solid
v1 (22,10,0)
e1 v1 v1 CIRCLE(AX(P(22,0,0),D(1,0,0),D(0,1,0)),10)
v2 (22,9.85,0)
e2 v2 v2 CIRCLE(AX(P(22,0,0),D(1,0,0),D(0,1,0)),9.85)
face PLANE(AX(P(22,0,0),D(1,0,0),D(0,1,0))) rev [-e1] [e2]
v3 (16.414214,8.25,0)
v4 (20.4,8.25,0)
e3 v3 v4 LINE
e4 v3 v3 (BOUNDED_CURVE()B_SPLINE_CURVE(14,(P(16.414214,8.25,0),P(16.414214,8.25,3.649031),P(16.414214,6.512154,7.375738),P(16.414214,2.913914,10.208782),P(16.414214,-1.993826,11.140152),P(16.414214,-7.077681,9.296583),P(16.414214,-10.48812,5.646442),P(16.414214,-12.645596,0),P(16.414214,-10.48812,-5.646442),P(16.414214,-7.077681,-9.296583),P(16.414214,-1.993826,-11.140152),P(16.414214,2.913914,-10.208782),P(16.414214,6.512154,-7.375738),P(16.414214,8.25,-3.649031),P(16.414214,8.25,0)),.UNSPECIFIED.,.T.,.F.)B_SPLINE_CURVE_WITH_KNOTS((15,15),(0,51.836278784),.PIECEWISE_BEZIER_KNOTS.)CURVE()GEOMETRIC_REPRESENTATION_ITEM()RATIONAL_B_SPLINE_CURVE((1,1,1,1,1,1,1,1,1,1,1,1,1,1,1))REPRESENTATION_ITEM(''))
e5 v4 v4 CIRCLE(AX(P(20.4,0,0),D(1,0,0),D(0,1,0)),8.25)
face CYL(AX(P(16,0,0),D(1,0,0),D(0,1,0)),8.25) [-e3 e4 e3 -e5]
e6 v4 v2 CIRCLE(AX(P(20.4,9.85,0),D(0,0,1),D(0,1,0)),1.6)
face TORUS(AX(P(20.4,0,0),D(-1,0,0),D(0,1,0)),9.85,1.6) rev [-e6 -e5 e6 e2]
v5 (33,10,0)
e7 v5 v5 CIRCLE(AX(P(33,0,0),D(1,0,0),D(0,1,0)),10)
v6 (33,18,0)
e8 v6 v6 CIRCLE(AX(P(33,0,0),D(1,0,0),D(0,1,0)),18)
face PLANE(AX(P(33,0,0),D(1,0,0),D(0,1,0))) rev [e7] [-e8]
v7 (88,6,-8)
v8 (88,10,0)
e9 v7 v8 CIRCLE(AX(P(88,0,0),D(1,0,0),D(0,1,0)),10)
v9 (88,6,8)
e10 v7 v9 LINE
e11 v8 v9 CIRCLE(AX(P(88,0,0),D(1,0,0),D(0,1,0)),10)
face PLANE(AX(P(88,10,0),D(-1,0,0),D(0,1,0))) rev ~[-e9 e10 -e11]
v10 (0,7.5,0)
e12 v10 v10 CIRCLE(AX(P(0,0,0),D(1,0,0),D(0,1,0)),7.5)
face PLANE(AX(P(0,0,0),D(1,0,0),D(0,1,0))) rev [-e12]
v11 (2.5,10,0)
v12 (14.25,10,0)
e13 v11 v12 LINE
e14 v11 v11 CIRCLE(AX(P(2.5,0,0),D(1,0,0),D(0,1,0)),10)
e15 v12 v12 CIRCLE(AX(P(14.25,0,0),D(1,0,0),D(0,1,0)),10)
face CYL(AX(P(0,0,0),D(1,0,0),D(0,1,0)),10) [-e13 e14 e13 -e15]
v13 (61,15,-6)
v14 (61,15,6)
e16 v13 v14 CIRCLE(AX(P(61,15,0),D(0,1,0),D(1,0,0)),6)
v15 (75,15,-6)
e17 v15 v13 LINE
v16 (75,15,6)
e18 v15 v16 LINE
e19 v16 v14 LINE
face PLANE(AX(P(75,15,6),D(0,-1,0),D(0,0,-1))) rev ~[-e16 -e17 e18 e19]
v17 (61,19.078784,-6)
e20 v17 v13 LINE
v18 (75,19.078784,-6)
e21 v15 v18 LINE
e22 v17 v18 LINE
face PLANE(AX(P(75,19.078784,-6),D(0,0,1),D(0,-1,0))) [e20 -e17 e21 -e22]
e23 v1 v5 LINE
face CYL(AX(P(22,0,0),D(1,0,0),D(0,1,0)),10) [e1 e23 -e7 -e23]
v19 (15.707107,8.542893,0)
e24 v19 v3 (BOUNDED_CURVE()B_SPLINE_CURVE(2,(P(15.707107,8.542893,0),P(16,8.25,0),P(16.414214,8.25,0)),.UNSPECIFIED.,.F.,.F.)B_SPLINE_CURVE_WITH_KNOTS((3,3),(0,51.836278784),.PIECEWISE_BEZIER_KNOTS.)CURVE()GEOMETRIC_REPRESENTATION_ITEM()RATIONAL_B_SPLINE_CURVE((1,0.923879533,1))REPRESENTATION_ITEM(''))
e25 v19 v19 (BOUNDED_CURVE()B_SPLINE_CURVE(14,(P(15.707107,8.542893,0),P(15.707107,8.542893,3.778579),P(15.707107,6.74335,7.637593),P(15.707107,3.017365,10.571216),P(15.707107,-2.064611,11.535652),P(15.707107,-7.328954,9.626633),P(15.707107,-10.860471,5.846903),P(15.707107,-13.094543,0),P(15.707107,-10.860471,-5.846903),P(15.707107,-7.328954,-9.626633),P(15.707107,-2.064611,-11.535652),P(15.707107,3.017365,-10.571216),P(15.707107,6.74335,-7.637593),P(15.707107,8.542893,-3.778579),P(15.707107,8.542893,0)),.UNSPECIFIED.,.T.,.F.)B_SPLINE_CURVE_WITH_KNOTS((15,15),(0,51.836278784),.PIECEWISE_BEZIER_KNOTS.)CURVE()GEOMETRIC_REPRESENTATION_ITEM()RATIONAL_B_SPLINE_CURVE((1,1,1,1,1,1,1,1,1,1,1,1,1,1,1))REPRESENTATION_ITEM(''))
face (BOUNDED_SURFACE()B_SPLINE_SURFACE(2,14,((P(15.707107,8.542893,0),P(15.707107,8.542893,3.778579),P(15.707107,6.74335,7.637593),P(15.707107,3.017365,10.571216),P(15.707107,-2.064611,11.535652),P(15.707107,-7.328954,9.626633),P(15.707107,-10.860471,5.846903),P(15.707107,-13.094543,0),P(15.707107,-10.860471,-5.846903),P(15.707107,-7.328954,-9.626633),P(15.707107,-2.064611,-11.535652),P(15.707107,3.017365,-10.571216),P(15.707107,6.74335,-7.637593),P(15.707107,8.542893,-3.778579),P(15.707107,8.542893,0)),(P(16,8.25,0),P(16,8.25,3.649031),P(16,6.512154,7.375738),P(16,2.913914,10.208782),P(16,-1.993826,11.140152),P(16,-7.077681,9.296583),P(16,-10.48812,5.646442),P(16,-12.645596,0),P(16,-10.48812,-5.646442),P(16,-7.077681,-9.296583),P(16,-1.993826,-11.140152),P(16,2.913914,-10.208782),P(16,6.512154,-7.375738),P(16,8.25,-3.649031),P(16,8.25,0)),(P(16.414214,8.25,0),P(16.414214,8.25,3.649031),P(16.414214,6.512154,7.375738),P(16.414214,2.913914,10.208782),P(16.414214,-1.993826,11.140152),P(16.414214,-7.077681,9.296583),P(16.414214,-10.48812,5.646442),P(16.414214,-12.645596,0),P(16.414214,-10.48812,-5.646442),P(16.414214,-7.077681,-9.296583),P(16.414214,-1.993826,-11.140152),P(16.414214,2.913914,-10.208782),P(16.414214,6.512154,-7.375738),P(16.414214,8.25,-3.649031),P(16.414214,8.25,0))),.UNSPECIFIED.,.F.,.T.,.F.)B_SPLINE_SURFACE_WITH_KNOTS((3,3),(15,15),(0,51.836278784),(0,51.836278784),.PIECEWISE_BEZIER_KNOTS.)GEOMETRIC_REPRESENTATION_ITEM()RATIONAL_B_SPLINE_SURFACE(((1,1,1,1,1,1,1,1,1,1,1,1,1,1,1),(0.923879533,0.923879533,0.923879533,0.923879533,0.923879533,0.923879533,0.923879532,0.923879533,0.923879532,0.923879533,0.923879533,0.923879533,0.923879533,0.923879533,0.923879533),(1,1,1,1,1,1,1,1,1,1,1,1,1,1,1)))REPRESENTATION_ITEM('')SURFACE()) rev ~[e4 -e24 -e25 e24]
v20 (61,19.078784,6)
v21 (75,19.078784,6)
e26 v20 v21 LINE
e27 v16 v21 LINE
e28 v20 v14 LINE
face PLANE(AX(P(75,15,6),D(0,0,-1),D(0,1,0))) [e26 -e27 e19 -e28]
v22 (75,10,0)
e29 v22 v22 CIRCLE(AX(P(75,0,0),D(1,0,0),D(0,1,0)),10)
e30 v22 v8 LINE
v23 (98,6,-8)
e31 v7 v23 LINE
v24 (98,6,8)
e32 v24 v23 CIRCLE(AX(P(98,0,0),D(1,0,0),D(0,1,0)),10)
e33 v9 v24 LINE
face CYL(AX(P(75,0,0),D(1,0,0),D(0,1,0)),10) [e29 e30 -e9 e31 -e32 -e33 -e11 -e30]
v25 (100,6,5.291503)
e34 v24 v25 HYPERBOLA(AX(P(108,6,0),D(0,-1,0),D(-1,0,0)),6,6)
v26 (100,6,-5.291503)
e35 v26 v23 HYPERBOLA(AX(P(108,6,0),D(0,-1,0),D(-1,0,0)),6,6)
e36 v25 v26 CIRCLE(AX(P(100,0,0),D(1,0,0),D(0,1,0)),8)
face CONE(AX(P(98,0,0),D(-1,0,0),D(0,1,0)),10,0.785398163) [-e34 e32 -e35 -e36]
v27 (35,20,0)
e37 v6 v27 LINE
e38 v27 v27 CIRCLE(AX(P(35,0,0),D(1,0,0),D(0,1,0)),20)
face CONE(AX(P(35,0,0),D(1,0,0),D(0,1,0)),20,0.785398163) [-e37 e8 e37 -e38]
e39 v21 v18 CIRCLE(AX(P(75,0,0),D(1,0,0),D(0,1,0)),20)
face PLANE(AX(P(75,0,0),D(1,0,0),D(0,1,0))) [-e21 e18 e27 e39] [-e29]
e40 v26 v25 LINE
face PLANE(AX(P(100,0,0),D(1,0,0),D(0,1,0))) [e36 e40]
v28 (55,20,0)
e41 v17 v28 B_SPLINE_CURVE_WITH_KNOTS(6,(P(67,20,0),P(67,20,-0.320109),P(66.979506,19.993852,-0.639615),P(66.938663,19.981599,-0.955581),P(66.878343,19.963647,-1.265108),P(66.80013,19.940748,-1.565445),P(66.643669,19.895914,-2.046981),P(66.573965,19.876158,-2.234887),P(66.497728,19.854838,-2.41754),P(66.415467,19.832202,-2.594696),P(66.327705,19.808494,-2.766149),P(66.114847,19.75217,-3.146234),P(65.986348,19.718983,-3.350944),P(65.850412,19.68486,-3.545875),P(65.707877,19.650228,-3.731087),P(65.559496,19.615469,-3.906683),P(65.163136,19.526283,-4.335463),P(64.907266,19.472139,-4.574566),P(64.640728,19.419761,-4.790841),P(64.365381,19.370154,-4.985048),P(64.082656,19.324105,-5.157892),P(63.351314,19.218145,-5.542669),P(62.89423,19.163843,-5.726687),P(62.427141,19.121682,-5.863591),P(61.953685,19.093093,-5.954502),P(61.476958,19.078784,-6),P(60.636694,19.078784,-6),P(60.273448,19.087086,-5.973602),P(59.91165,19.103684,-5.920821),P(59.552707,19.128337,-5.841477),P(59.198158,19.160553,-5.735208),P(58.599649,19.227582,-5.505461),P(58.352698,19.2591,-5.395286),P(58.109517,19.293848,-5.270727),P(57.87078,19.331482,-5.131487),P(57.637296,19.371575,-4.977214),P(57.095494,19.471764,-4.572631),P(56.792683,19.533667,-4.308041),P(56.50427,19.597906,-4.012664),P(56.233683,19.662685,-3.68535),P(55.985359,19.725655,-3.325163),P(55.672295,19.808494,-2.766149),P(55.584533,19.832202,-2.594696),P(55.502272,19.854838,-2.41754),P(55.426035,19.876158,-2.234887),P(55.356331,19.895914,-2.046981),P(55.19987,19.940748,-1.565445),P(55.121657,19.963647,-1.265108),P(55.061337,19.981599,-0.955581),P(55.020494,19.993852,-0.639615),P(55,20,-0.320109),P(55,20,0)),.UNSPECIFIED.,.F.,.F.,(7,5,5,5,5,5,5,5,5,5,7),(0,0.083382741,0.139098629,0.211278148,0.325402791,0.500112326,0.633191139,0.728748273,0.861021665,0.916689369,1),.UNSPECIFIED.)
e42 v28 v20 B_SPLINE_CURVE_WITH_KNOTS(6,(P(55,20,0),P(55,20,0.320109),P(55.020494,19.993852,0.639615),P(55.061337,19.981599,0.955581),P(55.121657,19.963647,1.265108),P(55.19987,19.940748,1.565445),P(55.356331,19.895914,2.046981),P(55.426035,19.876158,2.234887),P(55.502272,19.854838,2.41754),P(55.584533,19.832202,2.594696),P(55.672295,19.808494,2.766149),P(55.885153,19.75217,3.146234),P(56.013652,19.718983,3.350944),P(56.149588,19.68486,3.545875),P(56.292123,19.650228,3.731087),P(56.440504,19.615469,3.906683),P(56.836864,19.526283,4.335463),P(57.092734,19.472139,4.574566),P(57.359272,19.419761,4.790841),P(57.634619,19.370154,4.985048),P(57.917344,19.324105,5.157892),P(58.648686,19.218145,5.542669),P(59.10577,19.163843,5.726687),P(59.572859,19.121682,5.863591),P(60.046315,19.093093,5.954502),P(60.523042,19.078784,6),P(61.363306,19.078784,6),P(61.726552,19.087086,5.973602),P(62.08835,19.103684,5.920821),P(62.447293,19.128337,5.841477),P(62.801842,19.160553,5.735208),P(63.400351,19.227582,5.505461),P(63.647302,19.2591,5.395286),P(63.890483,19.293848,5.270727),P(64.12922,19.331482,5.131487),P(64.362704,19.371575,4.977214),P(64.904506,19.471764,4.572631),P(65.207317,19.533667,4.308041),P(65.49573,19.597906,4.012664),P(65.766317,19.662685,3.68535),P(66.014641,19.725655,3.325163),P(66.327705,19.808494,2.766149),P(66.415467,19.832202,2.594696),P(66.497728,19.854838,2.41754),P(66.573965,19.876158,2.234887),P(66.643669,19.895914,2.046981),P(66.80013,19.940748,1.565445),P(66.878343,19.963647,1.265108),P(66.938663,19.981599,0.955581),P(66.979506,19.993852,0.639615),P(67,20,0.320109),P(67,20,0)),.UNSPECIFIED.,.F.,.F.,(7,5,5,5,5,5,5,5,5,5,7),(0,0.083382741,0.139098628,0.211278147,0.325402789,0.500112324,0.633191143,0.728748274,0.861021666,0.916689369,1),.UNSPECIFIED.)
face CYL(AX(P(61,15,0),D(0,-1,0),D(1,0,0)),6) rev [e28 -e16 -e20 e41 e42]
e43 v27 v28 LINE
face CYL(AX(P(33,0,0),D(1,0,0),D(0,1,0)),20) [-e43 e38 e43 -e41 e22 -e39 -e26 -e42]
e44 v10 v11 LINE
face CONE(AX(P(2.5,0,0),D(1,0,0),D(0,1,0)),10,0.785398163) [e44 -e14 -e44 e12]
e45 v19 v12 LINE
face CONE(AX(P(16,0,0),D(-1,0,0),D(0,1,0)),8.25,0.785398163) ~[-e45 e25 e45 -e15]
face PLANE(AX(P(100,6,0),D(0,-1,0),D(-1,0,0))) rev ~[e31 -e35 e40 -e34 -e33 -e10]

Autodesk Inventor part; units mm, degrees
ref_plane "YZ Plane" through (0, 0, 0) normal (1, 0, 0) x (0, 1, 0)
ref_plane "XZ Plane" through (0, 0, 0) normal (0, 1, 0) x (-1, 0, 0)
ref_plane "XY Plane" through (0, 0, 0) normal (0, 0, 1) x (1, 0, 0)
sketch "Эскиз1" plane through (0, 0, 0) normal (0, 0, 1) x (1, 0, 0)
  line L0 (-20, 0) -> (120, 0) projected
  line L1 (0, -4) -> (0, 24) projected
  line L2 (0, 0) -> (0, 10)
  line L3 (0, 10) -> (16, 10)
  line L4 (16, 10) -> (16, 8.25)
  line L5 (16, 8.25) -> (22, 8.25)
  line L6 (22, 8.25) -> (22, 10)
  line L7 (22, 10) -> (33, 10)
  line L8 (33, 10) -> (33, 20)
  line L9 (33, 20) -> (75, 20)
  line L10 (75, 20) -> (75, 10)
  line L11 (75, 10) -> (100, 10)
  line L12 (100, 10) -> (100, 0)
  line L13 (100, 0) -> (0, 0)
  dimension "d0" = 20
  dimension "d1" = 16.5
  dimension "d2" = 20
  dimension "d3" = 6
  dimension "d4" = 22
  dimension "d5" = 100
  dimension "d6" = 25
  dimension "d7" = 42
  dimension "d8" = 40
  dimension "d9" = 20
revolve "Вращение1" add sketch "Эскиз1" angle 360 about axis through (-10, 0, 0) along (1, 0, 0)
thread "Резьба1" size "M20x2.5" class "6g" standard "ANSI Metric M Profile" full length
chamfer "Фаска1" distance 2.5 angle 45 1 edges at (0, -10, 0)
sketch "Эскиз2" plane through (0, 0, 0) normal (0, 0, 1) x (1, 0, 0)
  line L0 (0, 7.5) -> (2.5, 10) projected
  line L1 (2.5, 10) -> (16, 10) projected
  line L2 (16, 10) -> (16, 8.25) projected
  line L3 (16, 8.25) -> (22, 8.25) projected
  line L4 (22, 8.25) -> (22, 10) projected
  line L5 (22, 10) -> (33, 10) projected
  line L6 (33, 10) -> (33, 20) projected
  line L7 (33, 20) -> (75, 20) projected
  line L8 (75, 20) -> (75, 10) projected
  line L9 (75, 10) -> (100, 10) projected
  line L10 (100, 10) -> (100, -10) projected
  line L11 (100, -10) -> (75, -10) projected
  line L12 (75, -10) -> (75, -20) projected
  line L13 (75, -20) -> (33, -20) projected
  line L14 (33, -20) -> (33, -10) projected
  line L15 (33, -10) -> (22, -10) projected
  line L16 (22, -10) -> (22, -8.25) projected
  line L17 (22, -8.25) -> (16, -8.25) projected
  line L18 (16, -8.25) -> (16, -10) projected
  line L19 (16, -10) -> (2.5, -10) projected
  line L20 (2.5, -10) -> (0, -7.5) projected
  line L21 (0, -7.5) -> (0, 7.5) projected
  line L22 (16, 8.25) -> (14.25, 10)
  line L23 (16, 10) -> (14.25, 10)
  line L24 (16, 10) -> (16, 8.25)
  line L25 (-20, 0) -> (120, 0) projected
  point P0 (0, 0)
revolve "Вращение2" cut sketch "Эскиз2" angle 360 about axis through (-10, 0, 0) along (1, 0, 0) contours L1 L2 L22
fillet "Сопряжение1" radius 1 1 edges at (16, -8.25, 0)
fillet "Сопряжение2" radius 1.6 1 edges at (22, -8.25, 0)
chamfer "Фаска2" distance 2 angle 45 1 edges at (33, -20, 0)
chamfer "Фаска3" distance 2 angle 45 1 edges at (100, -10, 0)
sketch "Эскиз3" plane through (0, 0, 0) normal (0, 0, 1) x (1, 0, 0)
  line L0 (0, 7.5) -> (2.5, 10) projected
  line L1 (2.5, 10) -> (14.25, 10) projected
  line L2 (14.25, 10) -> (15.7071, 8.5429) projected
  arc A0 (15.7071, 8.5429) -> (16.4142, 8.25) centre (16.4142, 9.25) ccw projected
  line L3 (16.4142, 8.25) -> (20.4, 8.25) projected
  arc A1 (20.4, 8.25) -> (22, 9.85) centre (20.4, 9.85) ccw projected
  line L4 (22, 9.85) -> (22, 10) projected
  line L5 (22, 10) -> (33, 10) projected
  line L6 (33, 10) -> (33, 18) projected
  line L7 (33, 18) -> (35, 20) projected
  line L8 (35, 20) -> (75, 20) projected
  line L9 (75, 20) -> (75, 10) projected
  line L10 (75, 10) -> (98, 10) projected
  line L11 (98, 10) -> (100, 8) projected
  line L12 (100, 8) -> (100, -8) projected
  line L13 (100, -8) -> (98, -10) projected
  line L14 (98, -10) -> (75, -10) projected
  line L15 (75, -10) -> (75, -20) projected
  line L16 (75, -20) -> (35, -20) projected
  line L17 (35, -20) -> (33, -18) projected
  line L18 (33, -18) -> (33, -10) projected
  line L19 (33, -10) -> (22, -10) projected
  line L20 (22, -10) -> (22, -9.85) projected
  arc A2 (22, -9.85) -> (20.4, -8.25) centre (20.4, -9.85) ccw projected
  line L21 (20.4, -8.25) -> (16.4142, -8.25) projected
  arc A3 (16.4142, -8.25) -> (15.7071, -8.5429) centre (16.4142, -9.25) ccw projected
  line L22 (15.7071, -8.5429) -> (14.25, -10) projected
  line L23 (14.25, -10) -> (2.5, -10) projected
  line L24 (2.5, -10) -> (0, -7.5) projected
  line L25 (0, -7.5) -> (0, 7.5) projected
  line L26 (100, 6) -> (88, 6)
  line L27 (88, 6) -> (88, 10)
  line L28 (88, 10) -> (88, 15)
  line L29 (88, 15) -> (103, 15)
  line L30 (103, 15) -> (100, 6)
  point P0 (0, 0)
  dimension "d25" = 12
  dimension "d26" = 16
  dimension "d27" = 5
  dimension "d28" = 15
extrude "Выдавливание1" cut sketch "Эскиз3" along normal mid plane 100 contours L28 L29 L30 L12 L11 L10 | L10 L11 L12 L26 L27
sketch "Эскиз4" plane through (75, 0, 0) normal (1, 0, 0) x (0, 0, -1)
  line L0 (-6, 15) -> (6, 15)
  line L1 (0, -28) -> (0, 28) projected
  line L2 (-6, 15) -> (-6, 25)
  line L3 (-6, 25) -> (6, 25)
  line L4 (6, 25) -> (6, 15)
  circle A0 centre (0, 0) radius 10 projected
  circle A1 centre (0, 0) radius 20 projected
  line L5 (0, 20) -> (6, 20) construction
  dimension "d31" = 10
  dimension "d32" = 12
  dimension "d33" = 5
extrude "Выдавливание2" cut sketch "Эскиз4" against normal blind 14 contours L2 A1 L1 L0 | L1 A1 L4 L0 | L2 L3 L1 A1 | L1 L3 L4 A1
sketch "Эскиз5" plane through (75, 15, 6) normal (0, 1, 0) x (1, 0, 0)
  line L0 (-14, 12) -> (-14, 0) projected
  circle A0 centre (-14, 6) radius 6
  point P0 (-75, 6)
extrude "Выдавливание3" cut sketch "Эскиз5" along normal blind 15
properties part number "Вал"
